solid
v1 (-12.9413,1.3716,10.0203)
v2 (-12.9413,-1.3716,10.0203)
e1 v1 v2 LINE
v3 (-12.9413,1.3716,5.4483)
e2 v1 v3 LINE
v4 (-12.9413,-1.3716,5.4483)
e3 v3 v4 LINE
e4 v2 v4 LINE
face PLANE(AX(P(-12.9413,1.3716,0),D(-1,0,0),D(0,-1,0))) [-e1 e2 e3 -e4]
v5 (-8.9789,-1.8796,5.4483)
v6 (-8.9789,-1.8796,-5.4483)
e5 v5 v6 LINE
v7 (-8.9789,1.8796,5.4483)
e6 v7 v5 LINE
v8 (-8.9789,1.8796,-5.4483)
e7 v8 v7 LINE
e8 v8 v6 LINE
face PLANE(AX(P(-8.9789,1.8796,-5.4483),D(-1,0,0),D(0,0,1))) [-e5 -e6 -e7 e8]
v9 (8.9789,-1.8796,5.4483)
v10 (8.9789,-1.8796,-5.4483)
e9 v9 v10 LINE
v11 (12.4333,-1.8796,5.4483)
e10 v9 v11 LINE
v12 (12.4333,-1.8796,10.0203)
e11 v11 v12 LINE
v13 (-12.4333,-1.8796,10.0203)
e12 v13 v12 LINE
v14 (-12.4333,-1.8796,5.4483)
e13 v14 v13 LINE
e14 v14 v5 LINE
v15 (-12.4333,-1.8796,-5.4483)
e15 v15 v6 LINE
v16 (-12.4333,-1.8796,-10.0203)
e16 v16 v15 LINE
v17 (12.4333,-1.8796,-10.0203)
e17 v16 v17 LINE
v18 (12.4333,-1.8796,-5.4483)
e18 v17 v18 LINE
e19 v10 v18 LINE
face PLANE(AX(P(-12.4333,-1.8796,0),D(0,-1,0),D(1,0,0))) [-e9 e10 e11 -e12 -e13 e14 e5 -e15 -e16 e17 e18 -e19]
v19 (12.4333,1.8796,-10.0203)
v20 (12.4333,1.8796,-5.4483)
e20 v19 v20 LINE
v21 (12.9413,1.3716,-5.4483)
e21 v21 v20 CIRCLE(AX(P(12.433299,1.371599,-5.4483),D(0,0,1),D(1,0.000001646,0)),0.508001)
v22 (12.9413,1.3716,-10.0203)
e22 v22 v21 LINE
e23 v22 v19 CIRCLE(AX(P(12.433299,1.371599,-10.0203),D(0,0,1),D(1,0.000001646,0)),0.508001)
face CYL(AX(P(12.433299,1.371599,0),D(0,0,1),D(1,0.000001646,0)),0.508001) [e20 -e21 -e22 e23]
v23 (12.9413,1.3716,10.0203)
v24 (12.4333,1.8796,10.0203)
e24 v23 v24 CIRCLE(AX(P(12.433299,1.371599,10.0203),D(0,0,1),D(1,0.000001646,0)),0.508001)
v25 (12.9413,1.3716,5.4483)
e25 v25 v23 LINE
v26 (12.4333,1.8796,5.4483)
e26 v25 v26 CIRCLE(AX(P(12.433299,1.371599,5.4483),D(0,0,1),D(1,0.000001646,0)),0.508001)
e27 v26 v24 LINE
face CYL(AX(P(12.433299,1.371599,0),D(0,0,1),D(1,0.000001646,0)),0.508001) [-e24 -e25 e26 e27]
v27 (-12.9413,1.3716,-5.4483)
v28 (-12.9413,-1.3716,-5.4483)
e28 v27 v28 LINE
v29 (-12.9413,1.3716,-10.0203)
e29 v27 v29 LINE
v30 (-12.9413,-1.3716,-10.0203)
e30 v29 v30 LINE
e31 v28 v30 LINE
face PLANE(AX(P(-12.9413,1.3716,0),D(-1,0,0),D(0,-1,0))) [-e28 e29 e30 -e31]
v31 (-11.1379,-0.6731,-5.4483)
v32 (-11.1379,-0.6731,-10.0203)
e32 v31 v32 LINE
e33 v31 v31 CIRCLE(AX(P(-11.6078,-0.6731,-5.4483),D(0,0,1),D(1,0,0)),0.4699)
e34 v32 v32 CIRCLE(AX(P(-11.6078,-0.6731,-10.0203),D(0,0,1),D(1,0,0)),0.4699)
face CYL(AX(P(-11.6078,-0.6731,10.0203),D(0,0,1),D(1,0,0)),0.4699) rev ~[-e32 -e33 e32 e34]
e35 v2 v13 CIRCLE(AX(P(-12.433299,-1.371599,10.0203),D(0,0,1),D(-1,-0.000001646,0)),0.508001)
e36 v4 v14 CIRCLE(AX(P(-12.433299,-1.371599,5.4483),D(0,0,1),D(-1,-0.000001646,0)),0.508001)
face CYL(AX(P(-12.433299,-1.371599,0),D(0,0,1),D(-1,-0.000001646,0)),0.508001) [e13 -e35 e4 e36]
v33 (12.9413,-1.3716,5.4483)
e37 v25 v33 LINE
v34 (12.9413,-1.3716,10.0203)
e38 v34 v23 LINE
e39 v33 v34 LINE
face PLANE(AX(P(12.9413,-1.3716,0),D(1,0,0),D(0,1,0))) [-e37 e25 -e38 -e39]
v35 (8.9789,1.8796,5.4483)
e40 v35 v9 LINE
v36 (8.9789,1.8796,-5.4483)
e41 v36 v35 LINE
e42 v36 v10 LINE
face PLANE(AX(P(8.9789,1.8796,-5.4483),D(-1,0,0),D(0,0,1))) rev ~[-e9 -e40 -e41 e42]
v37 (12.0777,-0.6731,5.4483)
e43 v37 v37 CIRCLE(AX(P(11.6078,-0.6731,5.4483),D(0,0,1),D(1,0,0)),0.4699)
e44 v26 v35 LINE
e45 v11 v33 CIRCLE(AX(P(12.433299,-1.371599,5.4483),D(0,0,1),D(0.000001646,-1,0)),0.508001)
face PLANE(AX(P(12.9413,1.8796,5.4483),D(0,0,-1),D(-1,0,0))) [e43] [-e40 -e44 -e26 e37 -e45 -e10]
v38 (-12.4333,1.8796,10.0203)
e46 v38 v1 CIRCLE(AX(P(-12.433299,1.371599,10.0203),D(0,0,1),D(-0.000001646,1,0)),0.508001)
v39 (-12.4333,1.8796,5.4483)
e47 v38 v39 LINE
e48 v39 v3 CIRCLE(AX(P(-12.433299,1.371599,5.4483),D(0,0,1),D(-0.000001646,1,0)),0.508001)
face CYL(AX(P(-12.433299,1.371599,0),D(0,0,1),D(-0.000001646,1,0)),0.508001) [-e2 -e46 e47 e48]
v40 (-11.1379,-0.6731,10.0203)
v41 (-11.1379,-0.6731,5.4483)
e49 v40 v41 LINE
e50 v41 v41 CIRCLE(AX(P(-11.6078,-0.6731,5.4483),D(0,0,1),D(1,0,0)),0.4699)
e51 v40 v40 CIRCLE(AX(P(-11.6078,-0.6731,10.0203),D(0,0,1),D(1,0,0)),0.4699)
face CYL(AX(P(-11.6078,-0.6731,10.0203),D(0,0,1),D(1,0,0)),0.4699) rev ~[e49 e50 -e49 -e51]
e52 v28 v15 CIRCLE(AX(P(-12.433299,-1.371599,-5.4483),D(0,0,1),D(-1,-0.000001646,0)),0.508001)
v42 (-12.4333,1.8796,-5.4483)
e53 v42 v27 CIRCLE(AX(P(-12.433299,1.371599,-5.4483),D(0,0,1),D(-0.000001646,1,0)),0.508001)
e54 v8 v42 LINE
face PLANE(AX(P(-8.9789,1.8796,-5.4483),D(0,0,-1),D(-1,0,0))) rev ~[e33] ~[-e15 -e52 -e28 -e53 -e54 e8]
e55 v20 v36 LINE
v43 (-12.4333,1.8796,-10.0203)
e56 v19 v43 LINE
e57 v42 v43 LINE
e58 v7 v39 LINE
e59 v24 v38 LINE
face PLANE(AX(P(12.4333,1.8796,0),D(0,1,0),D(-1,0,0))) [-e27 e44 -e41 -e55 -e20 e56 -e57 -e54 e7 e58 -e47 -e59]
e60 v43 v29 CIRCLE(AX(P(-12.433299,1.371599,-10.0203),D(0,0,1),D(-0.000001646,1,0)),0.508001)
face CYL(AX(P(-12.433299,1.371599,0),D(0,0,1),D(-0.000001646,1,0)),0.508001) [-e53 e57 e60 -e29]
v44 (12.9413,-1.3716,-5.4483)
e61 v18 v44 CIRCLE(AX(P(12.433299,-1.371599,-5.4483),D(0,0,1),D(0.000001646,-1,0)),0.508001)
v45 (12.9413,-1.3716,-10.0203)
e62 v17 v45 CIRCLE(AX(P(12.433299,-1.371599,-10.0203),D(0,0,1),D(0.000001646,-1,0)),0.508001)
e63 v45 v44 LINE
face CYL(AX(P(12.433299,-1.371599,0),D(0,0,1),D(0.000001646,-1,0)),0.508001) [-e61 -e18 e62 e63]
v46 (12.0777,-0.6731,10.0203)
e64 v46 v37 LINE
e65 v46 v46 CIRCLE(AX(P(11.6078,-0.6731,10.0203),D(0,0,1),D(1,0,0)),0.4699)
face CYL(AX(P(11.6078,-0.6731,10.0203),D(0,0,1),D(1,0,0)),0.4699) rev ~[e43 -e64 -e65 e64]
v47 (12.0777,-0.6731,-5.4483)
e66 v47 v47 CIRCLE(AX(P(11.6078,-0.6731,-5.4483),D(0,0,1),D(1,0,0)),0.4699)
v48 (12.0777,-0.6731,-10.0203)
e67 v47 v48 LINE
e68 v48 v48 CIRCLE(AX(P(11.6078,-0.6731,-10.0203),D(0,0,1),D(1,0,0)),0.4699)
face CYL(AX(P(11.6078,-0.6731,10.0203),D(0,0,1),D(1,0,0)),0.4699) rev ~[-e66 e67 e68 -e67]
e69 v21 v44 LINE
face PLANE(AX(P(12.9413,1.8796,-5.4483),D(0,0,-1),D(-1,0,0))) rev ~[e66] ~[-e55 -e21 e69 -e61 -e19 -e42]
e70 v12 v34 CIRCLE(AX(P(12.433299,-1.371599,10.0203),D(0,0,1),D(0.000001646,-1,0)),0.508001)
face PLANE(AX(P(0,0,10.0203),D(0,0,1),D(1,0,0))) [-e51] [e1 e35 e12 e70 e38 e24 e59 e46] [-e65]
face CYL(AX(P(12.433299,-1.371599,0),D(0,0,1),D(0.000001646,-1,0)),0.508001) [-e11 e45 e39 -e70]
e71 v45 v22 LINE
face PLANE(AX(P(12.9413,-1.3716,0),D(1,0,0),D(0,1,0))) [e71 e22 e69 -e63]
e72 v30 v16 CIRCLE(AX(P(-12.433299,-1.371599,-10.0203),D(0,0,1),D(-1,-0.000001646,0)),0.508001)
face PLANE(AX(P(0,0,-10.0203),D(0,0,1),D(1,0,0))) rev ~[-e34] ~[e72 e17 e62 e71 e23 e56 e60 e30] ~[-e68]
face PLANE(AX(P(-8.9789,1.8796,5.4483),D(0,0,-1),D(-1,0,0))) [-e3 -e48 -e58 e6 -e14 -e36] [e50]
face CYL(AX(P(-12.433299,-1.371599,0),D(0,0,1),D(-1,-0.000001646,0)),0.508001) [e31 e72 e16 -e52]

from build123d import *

# Parameters (mm, degrees)
F1_DEPTH = 10.0203
F2_R     = 0.4699
F3_DEPTH = 25.4
F4_W     = 3.9624
F4_H     = 10.8966
F5_DEPTH = 25.4


with BuildPart() as f1:
    # F0 (on Top) → F1 (new body, symmetric)
    with BuildSketch(Plane.XY):
        with BuildLine():
            ThreePointArc((-12.9413, -1.3716), (-12.79251, -1.73081), (-12.4333, -1.8796))
            Line((-12.4333, -1.8796), (12.4333, -1.8796))
            ThreePointArc((12.4333, -1.8796), (12.79251, -1.73081), (12.9413, -1.3716))
            Line((12.9413, -1.3716), (12.9413, 1.3716))
            ThreePointArc((12.9413, 1.3716), (12.79251, 1.73081), (12.4333, 1.8796))
            Line((12.4333, 1.8796), (-12.4333, 1.8796))
            ThreePointArc((-12.4333, 1.8796), (-12.79251, 1.73081), (-12.9413, 1.3716))
            Line((-12.9413, 1.3716), (-12.9413, -1.3716))
        make_face()
    extrude(amount=F1_DEPTH, both=True)

    # F2 (on face) → F3 (cut)
    with BuildSketch(Plane.XY.offset(10.0203)):
        with Locations((11.6078, -0.6731)):
            Circle(F2_R)
        with Locations((-11.6078, -0.6731)):
            Circle(F2_R)
    extrude(amount=-F3_DEPTH, mode=Mode.SUBTRACT)

    # F4 (on face) → F5 (cut)
    with BuildSketch(Plane(origin=(0, 1.8796, 0), x_dir=(-1, 0, 0), z_dir=(0, 1, 0))):
        with Locations((-10.9601, 0)):
            Rectangle(F4_W, F4_H)
        with Locations((10.9601, 0)):
            Rectangle(F4_W, F4_H)
    extrude(amount=-F5_DEPTH, mode=Mode.SUBTRACT)


solid = f1.part
